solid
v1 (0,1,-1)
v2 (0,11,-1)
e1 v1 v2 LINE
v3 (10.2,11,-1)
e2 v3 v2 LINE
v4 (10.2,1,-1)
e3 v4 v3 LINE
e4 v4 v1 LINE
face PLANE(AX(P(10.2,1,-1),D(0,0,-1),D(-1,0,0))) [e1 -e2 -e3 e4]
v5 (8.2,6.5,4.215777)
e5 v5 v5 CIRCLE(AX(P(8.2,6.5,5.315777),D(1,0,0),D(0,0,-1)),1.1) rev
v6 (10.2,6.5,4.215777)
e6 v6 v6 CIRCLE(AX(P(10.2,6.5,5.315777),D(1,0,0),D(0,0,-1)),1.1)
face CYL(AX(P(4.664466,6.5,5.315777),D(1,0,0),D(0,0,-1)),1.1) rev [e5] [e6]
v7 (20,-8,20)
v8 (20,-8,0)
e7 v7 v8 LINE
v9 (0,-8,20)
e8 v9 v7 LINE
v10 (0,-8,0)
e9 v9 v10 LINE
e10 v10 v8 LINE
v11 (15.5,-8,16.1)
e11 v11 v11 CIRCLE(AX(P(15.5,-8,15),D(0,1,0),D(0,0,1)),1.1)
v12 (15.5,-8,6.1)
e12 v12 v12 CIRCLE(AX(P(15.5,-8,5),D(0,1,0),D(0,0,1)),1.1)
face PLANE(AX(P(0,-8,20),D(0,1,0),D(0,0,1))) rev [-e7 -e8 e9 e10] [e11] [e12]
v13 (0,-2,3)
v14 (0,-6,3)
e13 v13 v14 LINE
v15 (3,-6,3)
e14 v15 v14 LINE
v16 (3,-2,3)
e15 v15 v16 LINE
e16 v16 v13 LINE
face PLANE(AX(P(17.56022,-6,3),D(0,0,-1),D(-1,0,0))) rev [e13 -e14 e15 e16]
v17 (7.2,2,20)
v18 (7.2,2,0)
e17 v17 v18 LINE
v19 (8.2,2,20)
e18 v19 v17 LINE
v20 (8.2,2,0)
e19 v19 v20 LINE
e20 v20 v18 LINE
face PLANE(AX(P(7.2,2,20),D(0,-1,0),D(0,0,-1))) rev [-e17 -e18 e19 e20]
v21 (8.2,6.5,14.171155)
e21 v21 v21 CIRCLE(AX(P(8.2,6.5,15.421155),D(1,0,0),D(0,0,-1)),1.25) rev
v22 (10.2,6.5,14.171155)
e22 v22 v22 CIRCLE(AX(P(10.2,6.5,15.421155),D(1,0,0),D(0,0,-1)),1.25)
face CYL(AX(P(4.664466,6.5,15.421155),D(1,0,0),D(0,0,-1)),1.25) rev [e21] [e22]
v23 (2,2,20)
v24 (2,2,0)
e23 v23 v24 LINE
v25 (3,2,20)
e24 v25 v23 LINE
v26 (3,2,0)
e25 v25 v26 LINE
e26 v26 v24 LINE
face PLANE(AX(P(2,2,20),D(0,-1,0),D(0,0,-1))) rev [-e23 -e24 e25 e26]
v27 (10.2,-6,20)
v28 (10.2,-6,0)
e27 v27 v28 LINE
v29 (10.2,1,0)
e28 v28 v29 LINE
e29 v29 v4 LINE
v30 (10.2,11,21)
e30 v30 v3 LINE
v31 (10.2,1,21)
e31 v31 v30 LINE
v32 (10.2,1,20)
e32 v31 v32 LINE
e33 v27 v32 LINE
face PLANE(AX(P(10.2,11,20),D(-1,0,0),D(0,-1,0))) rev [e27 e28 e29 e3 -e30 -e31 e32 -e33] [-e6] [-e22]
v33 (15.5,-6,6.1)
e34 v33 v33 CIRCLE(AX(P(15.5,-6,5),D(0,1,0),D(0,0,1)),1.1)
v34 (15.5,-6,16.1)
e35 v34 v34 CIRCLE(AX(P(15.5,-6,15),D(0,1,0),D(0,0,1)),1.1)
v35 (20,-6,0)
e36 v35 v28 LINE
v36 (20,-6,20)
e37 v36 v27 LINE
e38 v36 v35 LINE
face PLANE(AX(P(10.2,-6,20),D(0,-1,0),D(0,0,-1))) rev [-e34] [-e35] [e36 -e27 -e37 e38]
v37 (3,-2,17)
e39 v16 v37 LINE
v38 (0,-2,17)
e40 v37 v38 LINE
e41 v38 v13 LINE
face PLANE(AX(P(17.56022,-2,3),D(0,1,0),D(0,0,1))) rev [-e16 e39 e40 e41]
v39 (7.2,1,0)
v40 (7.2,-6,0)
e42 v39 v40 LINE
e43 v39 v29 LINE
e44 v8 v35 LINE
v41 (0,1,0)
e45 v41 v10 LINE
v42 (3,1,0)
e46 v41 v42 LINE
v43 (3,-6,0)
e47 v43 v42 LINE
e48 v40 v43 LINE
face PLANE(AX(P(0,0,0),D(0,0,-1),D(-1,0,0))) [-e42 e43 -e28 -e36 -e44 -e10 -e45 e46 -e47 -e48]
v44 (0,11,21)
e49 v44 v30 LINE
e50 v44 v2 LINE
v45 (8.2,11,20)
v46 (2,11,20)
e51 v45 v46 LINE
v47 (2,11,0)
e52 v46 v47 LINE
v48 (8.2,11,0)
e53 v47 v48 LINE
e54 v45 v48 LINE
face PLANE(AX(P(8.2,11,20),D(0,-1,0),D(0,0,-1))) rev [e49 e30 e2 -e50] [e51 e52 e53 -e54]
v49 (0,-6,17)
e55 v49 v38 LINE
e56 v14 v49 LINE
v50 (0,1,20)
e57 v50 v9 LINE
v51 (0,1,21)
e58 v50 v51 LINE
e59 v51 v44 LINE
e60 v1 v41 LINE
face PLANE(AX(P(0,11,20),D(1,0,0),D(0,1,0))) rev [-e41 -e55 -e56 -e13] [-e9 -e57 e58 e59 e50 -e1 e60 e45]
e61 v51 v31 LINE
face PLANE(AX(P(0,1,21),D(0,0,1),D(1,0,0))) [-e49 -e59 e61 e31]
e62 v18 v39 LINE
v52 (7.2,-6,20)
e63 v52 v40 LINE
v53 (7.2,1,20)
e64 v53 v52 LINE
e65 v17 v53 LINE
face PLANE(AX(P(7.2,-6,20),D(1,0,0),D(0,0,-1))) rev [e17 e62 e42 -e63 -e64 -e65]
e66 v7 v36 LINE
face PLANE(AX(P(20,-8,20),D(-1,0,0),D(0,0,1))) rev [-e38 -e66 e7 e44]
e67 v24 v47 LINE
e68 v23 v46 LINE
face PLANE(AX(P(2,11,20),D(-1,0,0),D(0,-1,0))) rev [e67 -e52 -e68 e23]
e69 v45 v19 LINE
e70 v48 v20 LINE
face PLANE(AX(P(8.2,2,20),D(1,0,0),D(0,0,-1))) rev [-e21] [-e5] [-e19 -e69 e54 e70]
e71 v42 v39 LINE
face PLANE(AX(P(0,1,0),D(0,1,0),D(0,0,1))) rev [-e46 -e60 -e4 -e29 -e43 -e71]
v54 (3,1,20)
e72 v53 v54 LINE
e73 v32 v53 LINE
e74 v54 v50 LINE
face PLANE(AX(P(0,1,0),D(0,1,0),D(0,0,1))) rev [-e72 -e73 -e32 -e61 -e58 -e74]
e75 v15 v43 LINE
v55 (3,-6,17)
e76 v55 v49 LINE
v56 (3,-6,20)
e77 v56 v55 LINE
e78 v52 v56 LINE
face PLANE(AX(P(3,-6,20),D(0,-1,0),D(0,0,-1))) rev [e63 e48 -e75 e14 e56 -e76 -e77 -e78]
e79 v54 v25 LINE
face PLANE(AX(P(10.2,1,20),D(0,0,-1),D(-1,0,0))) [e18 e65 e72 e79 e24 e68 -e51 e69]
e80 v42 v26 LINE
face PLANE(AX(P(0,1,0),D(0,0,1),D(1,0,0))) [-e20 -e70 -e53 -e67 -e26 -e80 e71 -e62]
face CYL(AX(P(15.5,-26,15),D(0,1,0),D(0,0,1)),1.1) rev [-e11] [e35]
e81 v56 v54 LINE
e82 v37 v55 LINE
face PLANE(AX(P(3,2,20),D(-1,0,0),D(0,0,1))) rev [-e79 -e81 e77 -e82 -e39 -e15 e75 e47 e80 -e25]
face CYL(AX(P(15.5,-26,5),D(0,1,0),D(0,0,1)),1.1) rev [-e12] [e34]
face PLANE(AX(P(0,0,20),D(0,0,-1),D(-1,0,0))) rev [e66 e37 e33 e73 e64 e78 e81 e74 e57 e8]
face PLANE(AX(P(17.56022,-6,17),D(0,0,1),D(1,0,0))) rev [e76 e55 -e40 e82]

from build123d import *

# Parameters (mm, degrees)
BOSS_EXTRUDE1_DEPTH  = 20
SKETCH2_W            = 14
SKETCH2_H            = 4
CUT_EXTRUDE1_DEPTH   = 3
SKETCH4_R            = 1.1
CUT_EXTRUDE2_DEPTH   = 20
SKETCH3_R            = 1.25
SKETCH3_R_2          = 1.1
CUT_EXTRUDE3_DEPTH   = 2
SKETCH9_W            = 10.2
SKETCH9_H            = 1
BOSS_EXTRUDE11_DEPTH = 10


with BuildPart() as part:
    # Sketch1 → Boss-Extrude1 (new body)
    with BuildSketch(Plane.XY):
        Polygon((0, 11), (0, -8), (20, -8), (20, -6), (10.2, -6), (10.2, 11), (8.2, 11), (8.2, 2), (7.2, 2), (7.2, -6), (3, -6), (3, 2), (2, 2), (2, 11), align=None)
    extrude(amount=BOSS_EXTRUDE1_DEPTH)

    # Sketch2 → Cut-Extrude1 (cut)
    with BuildSketch(Plane.ZY):
        with Locations((10, -4)):
            Rectangle(SKETCH2_W, SKETCH2_H)
    extrude(amount=-CUT_EXTRUDE1_DEPTH, mode=Mode.SUBTRACT)

    # Sketch4 → Cut-Extrude2 (cut)
    with BuildSketch(Plane(origin=(0, -6, 0), x_dir=(1, 0, 0), z_dir=(0, 1, 0))):
        with Locations(Location((15.5, -5, 0), (0, 0, 270))):
            Circle(SKETCH4_R)
        with Locations(Location((15.5, -15, 0), (0, 0, 270))):
            Circle(SKETCH4_R)
    extrude(amount=-CUT_EXTRUDE2_DEPTH, mode=Mode.SUBTRACT)

    # Sketch3 → Cut-Extrude3 (cut)
    with BuildSketch(Plane(origin=(10.2, 0, 0), x_dir=(0, 0, -1), z_dir=(1, 0, 0))):
        with Locations((-15.421154519, 6.5)):
            Circle(SKETCH3_R)
        with Locations((-5.315777108, 6.5)):
            Circle(SKETCH3_R_2)
    extrude(amount=-CUT_EXTRUDE3_DEPTH, mode=Mode.SUBTRACT)

    # Sketch9 → Boss-Extrude11 (add)
    with BuildSketch(Plane(origin=(0, 11, 0), x_dir=(1, 0, 0), z_dir=(0, 1, 0))):
        with Locations((5.1, 0.5)):
            Rectangle(SKETCH9_W, SKETCH9_H)
        with Locations((5.1, -20.5)):
            Rectangle(SKETCH9_W, SKETCH9_H)
    extrude(amount=-BOSS_EXTRUDE11_DEPTH)


solid = part.part
